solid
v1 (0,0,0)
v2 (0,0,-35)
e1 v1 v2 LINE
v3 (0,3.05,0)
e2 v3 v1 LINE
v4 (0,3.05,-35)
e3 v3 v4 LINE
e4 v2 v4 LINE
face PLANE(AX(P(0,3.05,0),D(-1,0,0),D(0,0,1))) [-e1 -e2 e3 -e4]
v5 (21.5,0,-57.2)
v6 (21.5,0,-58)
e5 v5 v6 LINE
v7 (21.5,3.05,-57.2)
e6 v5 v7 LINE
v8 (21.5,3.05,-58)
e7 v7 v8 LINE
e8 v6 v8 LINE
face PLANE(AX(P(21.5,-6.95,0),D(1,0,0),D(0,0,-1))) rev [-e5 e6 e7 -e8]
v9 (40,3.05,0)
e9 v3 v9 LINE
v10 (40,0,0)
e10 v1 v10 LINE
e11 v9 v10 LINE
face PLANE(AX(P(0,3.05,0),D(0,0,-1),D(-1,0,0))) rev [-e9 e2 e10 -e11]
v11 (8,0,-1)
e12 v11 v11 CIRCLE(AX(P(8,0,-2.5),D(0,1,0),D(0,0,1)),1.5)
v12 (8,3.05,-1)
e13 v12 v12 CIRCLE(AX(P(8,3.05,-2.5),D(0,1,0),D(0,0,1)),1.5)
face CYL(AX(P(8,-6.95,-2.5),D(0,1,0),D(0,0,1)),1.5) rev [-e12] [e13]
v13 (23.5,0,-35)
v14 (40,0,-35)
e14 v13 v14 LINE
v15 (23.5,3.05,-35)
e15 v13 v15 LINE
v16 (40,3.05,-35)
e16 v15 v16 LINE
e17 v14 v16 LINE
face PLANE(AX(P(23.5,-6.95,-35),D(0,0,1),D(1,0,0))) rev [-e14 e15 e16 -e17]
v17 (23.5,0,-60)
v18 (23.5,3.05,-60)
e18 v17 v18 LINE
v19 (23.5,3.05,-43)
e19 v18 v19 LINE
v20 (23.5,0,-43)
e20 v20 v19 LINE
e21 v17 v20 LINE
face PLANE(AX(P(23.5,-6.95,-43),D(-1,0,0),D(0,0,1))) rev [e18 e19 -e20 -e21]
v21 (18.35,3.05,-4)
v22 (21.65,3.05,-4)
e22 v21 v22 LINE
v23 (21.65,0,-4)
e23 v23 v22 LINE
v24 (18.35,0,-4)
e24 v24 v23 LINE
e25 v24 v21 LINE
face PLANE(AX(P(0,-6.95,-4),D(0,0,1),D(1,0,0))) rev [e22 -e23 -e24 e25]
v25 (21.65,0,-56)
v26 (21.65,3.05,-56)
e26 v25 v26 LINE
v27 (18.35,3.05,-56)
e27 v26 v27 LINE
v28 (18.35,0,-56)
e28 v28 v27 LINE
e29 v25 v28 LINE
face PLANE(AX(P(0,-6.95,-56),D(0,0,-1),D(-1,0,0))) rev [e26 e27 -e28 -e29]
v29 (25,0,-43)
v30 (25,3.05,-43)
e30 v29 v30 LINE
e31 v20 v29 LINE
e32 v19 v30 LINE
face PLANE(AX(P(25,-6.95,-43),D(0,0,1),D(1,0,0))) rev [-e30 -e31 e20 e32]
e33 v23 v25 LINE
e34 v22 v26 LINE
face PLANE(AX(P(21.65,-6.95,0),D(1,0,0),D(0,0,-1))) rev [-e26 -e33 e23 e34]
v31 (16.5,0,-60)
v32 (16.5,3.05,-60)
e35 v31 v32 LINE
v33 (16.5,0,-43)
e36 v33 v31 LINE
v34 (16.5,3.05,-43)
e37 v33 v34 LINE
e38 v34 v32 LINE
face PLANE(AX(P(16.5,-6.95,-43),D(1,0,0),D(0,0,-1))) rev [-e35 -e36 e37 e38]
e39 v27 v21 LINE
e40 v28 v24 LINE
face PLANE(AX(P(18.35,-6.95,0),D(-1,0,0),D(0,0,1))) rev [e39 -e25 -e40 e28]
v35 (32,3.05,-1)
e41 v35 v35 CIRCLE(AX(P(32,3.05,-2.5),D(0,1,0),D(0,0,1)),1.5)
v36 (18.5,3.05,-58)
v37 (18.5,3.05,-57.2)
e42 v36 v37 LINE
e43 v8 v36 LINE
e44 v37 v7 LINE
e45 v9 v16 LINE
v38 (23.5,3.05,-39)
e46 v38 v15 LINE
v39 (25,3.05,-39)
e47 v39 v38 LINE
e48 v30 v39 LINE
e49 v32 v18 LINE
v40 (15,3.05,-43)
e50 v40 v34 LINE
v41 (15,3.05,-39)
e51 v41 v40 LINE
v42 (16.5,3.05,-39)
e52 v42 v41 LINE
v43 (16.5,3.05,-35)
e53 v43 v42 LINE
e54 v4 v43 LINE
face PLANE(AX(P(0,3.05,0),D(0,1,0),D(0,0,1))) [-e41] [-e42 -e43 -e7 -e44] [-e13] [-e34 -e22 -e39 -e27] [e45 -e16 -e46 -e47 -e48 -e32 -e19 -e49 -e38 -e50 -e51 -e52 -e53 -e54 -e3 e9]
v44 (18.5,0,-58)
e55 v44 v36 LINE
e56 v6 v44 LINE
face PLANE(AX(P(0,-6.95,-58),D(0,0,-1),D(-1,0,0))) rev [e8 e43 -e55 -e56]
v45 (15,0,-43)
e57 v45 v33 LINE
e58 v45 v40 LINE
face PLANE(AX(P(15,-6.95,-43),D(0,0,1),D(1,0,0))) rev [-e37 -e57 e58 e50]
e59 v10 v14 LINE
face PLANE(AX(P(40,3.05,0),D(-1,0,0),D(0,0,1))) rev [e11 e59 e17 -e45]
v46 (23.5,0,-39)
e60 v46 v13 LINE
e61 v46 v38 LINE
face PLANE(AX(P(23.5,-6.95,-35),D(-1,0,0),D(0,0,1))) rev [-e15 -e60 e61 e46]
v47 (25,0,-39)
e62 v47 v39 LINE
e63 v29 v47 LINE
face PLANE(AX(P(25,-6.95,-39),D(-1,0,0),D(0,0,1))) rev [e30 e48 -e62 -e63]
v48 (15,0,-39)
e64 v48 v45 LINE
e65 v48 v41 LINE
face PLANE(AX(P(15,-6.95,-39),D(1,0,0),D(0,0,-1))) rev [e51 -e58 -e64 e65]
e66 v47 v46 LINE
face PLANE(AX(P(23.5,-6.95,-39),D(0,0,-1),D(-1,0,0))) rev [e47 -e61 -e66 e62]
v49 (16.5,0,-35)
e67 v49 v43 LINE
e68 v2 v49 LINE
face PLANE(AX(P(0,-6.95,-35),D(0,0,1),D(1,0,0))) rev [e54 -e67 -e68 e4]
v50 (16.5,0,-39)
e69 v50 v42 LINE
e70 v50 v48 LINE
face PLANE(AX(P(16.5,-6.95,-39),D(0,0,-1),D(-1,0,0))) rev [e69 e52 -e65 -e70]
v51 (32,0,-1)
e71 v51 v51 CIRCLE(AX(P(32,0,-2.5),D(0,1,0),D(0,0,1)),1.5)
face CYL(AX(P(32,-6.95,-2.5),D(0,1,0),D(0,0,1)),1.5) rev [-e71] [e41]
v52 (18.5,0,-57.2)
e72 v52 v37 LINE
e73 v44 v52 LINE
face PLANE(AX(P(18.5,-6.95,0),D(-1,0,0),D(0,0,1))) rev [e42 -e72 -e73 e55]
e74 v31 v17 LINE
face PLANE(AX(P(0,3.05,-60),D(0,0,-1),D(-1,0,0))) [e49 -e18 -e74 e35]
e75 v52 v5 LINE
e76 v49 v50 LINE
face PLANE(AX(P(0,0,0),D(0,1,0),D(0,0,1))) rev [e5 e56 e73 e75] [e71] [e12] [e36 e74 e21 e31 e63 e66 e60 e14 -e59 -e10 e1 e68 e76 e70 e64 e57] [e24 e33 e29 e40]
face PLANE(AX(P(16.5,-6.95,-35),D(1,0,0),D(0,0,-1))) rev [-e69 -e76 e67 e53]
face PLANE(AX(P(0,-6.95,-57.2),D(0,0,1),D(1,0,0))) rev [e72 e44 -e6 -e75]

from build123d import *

# Parameters (mm, degrees)
SKETCH1_W           = 40
SKETCH1_H           = 60
BOSS_EXTRUDE1_DEPTH = 3.05
SKETCH4_W           = 3.3
SKETCH4_H           = 52
SKETCH4_W_2         = 3
SKETCH4_H_2         = 0.8
CUT_EXTRUDE1_DEPTH  = 10
CUT_EXTRUDE3_DEPTH  = 10
SKETCH7_R           = 1.5
CUT_EXTRUDE4_DEPTH  = 10


with BuildPart() as part:
    # Sketch1 → Boss-Extrude1 (new body)
    with BuildSketch(Plane(origin=(0, 0, 0), x_dir=(1, 0, 0), z_dir=(0, 1, 0))):
        with Locations((20, 30)):
            Rectangle(SKETCH1_W, SKETCH1_H)
    extrude(amount=BOSS_EXTRUDE1_DEPTH)

    # Sketch4 → Cut-Extrude1 (cut)
    with BuildSketch(Plane(origin=(0, 3.05, 0), x_dir=(1, 0, 0), z_dir=(0, 1, 0))):
        with Locations((20, 30)):
            Rectangle(SKETCH4_W, SKETCH4_H)
        with Locations((20, 57.6)):
            Rectangle(SKETCH4_W_2, SKETCH4_H_2)
    extrude(amount=-CUT_EXTRUDE1_DEPTH, mode=Mode.SUBTRACT)

    # Sketch6 → Cut-Extrude3 (cut)
    with BuildSketch(Plane(origin=(0, 3.05, 0), x_dir=(1, 0, 0), z_dir=(0, 1, 0))):
        Polygon((0, 60), (0, 35), (16.5, 35), (16.5, 39), (15, 39), (15, 43), (16.5, 43), (16.5, 60), align=None)
        Polygon((40, 60), (40, 35), (23.5, 35), (23.5, 39), (25, 39), (25, 43), (23.5, 43), (23.5, 60), align=None)
    extrude(amount=-CUT_EXTRUDE3_DEPTH, mode=Mode.SUBTRACT)

    # Sketch7 → Cut-Extrude4 (cut)
    with BuildSketch(Plane(origin=(0, 3.05, 0), x_dir=(1, 0, 0), z_dir=(0, 1, 0))):
        with Locations(Location((8, 2.5, 0), (0, 0, 270))):
            Circle(SKETCH7_R)
        with Locations(Location((32, 2.5, 0), (0, 0, 270))):
            Circle(SKETCH7_R)
    extrude(amount=-CUT_EXTRUDE4_DEPTH, mode=Mode.SUBTRACT)


solid = part.part
